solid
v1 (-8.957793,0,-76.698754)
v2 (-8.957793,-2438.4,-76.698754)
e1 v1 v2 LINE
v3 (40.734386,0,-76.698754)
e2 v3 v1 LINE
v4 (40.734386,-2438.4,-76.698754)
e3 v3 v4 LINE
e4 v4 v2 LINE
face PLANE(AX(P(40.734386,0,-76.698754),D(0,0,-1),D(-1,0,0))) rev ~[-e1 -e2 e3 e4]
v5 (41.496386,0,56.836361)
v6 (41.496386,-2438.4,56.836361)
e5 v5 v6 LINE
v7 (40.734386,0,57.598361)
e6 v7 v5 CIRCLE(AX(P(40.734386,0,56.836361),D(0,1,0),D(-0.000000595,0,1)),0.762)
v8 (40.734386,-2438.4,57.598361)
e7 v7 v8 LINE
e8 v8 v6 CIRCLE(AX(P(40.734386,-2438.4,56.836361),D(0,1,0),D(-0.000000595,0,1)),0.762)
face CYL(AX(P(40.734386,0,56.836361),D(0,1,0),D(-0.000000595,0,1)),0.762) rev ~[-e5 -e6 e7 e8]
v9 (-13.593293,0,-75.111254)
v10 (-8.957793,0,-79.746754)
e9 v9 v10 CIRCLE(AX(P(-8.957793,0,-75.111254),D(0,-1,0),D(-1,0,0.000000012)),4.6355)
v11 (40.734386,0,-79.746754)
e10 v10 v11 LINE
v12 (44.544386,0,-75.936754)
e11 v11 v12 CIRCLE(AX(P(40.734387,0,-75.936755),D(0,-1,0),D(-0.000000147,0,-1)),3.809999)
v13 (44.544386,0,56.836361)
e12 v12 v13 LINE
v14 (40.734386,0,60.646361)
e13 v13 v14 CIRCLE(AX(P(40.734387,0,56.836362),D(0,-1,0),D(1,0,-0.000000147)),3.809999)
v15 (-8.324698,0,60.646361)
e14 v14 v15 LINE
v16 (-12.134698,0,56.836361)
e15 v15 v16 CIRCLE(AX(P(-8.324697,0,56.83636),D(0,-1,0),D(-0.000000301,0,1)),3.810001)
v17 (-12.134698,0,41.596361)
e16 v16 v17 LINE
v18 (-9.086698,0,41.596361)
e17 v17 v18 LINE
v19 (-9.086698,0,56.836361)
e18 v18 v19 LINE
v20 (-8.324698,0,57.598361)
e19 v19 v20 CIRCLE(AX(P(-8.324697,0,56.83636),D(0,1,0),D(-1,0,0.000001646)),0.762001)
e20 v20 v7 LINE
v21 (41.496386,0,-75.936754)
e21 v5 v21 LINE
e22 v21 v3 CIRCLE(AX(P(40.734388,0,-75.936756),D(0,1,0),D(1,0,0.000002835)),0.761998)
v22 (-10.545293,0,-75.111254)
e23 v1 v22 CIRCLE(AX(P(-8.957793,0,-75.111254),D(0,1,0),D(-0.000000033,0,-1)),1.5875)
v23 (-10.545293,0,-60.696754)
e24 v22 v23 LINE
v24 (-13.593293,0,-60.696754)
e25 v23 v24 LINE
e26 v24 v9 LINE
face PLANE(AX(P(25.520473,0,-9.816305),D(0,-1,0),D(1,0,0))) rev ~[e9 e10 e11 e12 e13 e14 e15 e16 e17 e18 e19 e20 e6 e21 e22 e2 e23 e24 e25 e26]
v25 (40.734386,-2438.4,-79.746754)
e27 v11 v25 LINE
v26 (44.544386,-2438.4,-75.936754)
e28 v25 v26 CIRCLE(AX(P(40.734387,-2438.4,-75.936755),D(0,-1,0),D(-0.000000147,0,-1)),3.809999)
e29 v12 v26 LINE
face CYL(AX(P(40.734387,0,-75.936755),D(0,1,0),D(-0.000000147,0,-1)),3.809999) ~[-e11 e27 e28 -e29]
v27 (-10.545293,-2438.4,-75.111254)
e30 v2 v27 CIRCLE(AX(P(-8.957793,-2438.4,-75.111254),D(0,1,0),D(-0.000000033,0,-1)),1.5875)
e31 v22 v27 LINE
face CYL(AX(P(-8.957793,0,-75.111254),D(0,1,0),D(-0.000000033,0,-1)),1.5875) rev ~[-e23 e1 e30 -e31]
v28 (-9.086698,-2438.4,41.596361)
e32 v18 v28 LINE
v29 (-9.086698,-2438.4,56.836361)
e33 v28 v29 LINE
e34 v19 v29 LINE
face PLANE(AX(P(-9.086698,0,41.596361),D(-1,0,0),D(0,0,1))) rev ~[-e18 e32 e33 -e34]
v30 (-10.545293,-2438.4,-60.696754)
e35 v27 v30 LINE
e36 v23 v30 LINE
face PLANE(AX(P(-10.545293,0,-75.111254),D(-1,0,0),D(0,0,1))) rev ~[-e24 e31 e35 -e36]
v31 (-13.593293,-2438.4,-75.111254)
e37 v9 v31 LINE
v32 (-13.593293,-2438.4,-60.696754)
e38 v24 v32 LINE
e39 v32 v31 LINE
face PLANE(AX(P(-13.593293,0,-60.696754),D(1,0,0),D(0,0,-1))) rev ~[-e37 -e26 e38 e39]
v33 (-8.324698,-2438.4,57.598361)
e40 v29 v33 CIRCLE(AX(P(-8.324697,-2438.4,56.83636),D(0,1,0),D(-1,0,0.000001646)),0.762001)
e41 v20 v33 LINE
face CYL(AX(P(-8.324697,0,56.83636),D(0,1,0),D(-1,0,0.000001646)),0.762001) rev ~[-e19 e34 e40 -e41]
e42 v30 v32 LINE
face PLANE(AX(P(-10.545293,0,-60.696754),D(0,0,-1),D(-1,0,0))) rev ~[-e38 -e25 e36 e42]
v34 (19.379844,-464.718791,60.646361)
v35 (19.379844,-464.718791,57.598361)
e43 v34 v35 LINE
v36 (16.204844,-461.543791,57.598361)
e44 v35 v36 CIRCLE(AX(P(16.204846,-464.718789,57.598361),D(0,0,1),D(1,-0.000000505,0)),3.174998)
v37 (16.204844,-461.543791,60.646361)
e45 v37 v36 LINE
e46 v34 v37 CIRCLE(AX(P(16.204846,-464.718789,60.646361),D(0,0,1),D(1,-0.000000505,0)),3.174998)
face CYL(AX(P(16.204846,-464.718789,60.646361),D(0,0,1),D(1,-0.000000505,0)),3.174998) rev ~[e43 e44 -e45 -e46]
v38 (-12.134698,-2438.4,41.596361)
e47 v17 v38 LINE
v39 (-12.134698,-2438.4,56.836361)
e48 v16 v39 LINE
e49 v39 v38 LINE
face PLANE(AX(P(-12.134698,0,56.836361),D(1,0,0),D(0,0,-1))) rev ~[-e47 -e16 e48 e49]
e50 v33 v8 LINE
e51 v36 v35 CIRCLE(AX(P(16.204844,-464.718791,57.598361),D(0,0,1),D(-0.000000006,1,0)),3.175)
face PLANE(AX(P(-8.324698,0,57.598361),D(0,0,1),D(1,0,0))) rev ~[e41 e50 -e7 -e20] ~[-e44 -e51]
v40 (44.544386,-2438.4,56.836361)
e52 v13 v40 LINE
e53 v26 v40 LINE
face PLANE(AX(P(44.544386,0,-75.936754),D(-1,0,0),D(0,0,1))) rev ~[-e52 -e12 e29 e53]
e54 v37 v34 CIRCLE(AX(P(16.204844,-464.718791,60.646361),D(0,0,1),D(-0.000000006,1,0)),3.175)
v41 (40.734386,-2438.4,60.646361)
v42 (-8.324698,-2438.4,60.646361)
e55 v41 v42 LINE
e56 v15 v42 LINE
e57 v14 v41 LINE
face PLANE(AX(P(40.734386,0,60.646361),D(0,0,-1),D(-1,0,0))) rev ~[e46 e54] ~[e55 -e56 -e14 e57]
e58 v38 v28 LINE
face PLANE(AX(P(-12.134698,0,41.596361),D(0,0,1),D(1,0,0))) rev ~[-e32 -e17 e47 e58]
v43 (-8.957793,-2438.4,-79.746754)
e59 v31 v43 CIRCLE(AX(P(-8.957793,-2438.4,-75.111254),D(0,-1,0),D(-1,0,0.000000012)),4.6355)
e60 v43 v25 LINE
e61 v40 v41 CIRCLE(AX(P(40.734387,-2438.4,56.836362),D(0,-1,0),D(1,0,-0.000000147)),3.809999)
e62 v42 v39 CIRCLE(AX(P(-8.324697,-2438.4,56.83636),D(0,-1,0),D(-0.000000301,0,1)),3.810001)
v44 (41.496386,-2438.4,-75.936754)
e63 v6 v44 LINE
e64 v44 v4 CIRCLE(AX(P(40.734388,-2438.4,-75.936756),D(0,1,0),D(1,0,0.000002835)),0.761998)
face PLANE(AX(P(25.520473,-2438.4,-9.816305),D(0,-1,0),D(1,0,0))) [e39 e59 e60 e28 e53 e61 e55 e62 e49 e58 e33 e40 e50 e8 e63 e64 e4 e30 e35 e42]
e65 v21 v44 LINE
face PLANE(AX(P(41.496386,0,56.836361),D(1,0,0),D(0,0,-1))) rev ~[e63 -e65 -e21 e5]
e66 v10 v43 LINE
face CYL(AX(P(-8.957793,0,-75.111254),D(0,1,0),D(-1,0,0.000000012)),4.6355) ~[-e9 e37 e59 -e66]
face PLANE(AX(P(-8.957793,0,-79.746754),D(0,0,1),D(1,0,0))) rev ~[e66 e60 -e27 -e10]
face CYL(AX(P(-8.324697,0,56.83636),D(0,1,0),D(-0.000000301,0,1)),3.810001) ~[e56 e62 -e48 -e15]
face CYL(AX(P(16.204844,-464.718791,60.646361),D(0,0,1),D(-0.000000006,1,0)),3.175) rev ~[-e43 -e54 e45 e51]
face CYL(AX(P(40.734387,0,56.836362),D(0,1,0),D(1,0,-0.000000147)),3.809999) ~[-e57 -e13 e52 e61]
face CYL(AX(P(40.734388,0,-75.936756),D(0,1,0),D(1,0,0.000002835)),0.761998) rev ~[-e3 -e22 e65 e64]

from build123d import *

# Parameters (mm, degrees)
F1_DEPTH = 2438.4
F3_DEPTH = 3.175


with BuildPart() as f1:
    # F0 (on Front) → F1 (new body)
    with BuildSketch(Plane.XZ):
        with BuildLine():
            Line((-10.545293, -75.111254), (-10.545293, -60.696754))
            Line((-10.545293, -60.696754), (-13.593293, -60.696754))
            Line((-13.593293, -60.696754), (-13.593293, -75.111254))
            ThreePointArc((-13.593293, -75.111254), (-12.235586, -78.389048), (-8.957793, -79.746754))
            Line((-8.957793, -79.746754), (40.734386, -79.746754))
            ThreePointArc((40.734386, -79.746754), (43.428463, -78.630831), (44.544386, -75.936754))
            Line((44.544386, -75.936754), (44.544386, 56.836361))
            ThreePointArc((44.544386, 56.836361), (43.428463, 59.530438), (40.734386, 60.646361))
            Line((40.734386, 60.646361), (-8.324698, 60.646361))
            ThreePointArc((-8.324698, 60.646361), (-11.018774, 59.530438), (-12.134698, 56.836361))
            Line((-12.134698, 56.836361), (-12.134698, 41.596361))
            Line((-12.134698, 41.596361), (-9.086698, 41.596361))
            Line((-9.086698, 41.596361), (-9.086698, 56.836361))
            ThreePointArc((-9.086698, 56.836361), (-8.863513, 57.375176), (-8.324698, 57.598361))
            Line((-8.324698, 57.598361), (40.734386, 57.598361))
            ThreePointArc((40.734386, 57.598361), (41.273202, 57.375176), (41.496386, 56.836361))
            Line((41.496386, 56.836361), (41.496386, -75.936754))
            ThreePointArc((41.496386, -75.936754), (41.273202, -76.47557), (40.734386, -76.698754))
            Line((40.734386, -76.698754), (-8.957793, -76.698754))
            ThreePointArc((-8.957793, -76.698754), (-10.080325, -76.233786), (-10.545293, -75.111254))
        make_face()
    extrude(amount=F1_DEPTH)

    # F2 (on face) → F3 (cut)
    with BuildSketch(Plane.XY.offset(60.646361)):
        with BuildLine():
            ThreePointArc((19.379844, -464.718791), (18.449908, -462.473726), (16.204844, -461.543791))
            ThreePointArc((16.204844, -461.543791), (13.95978, -466.963855), (19.379844, -464.718791))
        make_face()
    extrude(amount=-F3_DEPTH, mode=Mode.SUBTRACT)


solid = f1.part
